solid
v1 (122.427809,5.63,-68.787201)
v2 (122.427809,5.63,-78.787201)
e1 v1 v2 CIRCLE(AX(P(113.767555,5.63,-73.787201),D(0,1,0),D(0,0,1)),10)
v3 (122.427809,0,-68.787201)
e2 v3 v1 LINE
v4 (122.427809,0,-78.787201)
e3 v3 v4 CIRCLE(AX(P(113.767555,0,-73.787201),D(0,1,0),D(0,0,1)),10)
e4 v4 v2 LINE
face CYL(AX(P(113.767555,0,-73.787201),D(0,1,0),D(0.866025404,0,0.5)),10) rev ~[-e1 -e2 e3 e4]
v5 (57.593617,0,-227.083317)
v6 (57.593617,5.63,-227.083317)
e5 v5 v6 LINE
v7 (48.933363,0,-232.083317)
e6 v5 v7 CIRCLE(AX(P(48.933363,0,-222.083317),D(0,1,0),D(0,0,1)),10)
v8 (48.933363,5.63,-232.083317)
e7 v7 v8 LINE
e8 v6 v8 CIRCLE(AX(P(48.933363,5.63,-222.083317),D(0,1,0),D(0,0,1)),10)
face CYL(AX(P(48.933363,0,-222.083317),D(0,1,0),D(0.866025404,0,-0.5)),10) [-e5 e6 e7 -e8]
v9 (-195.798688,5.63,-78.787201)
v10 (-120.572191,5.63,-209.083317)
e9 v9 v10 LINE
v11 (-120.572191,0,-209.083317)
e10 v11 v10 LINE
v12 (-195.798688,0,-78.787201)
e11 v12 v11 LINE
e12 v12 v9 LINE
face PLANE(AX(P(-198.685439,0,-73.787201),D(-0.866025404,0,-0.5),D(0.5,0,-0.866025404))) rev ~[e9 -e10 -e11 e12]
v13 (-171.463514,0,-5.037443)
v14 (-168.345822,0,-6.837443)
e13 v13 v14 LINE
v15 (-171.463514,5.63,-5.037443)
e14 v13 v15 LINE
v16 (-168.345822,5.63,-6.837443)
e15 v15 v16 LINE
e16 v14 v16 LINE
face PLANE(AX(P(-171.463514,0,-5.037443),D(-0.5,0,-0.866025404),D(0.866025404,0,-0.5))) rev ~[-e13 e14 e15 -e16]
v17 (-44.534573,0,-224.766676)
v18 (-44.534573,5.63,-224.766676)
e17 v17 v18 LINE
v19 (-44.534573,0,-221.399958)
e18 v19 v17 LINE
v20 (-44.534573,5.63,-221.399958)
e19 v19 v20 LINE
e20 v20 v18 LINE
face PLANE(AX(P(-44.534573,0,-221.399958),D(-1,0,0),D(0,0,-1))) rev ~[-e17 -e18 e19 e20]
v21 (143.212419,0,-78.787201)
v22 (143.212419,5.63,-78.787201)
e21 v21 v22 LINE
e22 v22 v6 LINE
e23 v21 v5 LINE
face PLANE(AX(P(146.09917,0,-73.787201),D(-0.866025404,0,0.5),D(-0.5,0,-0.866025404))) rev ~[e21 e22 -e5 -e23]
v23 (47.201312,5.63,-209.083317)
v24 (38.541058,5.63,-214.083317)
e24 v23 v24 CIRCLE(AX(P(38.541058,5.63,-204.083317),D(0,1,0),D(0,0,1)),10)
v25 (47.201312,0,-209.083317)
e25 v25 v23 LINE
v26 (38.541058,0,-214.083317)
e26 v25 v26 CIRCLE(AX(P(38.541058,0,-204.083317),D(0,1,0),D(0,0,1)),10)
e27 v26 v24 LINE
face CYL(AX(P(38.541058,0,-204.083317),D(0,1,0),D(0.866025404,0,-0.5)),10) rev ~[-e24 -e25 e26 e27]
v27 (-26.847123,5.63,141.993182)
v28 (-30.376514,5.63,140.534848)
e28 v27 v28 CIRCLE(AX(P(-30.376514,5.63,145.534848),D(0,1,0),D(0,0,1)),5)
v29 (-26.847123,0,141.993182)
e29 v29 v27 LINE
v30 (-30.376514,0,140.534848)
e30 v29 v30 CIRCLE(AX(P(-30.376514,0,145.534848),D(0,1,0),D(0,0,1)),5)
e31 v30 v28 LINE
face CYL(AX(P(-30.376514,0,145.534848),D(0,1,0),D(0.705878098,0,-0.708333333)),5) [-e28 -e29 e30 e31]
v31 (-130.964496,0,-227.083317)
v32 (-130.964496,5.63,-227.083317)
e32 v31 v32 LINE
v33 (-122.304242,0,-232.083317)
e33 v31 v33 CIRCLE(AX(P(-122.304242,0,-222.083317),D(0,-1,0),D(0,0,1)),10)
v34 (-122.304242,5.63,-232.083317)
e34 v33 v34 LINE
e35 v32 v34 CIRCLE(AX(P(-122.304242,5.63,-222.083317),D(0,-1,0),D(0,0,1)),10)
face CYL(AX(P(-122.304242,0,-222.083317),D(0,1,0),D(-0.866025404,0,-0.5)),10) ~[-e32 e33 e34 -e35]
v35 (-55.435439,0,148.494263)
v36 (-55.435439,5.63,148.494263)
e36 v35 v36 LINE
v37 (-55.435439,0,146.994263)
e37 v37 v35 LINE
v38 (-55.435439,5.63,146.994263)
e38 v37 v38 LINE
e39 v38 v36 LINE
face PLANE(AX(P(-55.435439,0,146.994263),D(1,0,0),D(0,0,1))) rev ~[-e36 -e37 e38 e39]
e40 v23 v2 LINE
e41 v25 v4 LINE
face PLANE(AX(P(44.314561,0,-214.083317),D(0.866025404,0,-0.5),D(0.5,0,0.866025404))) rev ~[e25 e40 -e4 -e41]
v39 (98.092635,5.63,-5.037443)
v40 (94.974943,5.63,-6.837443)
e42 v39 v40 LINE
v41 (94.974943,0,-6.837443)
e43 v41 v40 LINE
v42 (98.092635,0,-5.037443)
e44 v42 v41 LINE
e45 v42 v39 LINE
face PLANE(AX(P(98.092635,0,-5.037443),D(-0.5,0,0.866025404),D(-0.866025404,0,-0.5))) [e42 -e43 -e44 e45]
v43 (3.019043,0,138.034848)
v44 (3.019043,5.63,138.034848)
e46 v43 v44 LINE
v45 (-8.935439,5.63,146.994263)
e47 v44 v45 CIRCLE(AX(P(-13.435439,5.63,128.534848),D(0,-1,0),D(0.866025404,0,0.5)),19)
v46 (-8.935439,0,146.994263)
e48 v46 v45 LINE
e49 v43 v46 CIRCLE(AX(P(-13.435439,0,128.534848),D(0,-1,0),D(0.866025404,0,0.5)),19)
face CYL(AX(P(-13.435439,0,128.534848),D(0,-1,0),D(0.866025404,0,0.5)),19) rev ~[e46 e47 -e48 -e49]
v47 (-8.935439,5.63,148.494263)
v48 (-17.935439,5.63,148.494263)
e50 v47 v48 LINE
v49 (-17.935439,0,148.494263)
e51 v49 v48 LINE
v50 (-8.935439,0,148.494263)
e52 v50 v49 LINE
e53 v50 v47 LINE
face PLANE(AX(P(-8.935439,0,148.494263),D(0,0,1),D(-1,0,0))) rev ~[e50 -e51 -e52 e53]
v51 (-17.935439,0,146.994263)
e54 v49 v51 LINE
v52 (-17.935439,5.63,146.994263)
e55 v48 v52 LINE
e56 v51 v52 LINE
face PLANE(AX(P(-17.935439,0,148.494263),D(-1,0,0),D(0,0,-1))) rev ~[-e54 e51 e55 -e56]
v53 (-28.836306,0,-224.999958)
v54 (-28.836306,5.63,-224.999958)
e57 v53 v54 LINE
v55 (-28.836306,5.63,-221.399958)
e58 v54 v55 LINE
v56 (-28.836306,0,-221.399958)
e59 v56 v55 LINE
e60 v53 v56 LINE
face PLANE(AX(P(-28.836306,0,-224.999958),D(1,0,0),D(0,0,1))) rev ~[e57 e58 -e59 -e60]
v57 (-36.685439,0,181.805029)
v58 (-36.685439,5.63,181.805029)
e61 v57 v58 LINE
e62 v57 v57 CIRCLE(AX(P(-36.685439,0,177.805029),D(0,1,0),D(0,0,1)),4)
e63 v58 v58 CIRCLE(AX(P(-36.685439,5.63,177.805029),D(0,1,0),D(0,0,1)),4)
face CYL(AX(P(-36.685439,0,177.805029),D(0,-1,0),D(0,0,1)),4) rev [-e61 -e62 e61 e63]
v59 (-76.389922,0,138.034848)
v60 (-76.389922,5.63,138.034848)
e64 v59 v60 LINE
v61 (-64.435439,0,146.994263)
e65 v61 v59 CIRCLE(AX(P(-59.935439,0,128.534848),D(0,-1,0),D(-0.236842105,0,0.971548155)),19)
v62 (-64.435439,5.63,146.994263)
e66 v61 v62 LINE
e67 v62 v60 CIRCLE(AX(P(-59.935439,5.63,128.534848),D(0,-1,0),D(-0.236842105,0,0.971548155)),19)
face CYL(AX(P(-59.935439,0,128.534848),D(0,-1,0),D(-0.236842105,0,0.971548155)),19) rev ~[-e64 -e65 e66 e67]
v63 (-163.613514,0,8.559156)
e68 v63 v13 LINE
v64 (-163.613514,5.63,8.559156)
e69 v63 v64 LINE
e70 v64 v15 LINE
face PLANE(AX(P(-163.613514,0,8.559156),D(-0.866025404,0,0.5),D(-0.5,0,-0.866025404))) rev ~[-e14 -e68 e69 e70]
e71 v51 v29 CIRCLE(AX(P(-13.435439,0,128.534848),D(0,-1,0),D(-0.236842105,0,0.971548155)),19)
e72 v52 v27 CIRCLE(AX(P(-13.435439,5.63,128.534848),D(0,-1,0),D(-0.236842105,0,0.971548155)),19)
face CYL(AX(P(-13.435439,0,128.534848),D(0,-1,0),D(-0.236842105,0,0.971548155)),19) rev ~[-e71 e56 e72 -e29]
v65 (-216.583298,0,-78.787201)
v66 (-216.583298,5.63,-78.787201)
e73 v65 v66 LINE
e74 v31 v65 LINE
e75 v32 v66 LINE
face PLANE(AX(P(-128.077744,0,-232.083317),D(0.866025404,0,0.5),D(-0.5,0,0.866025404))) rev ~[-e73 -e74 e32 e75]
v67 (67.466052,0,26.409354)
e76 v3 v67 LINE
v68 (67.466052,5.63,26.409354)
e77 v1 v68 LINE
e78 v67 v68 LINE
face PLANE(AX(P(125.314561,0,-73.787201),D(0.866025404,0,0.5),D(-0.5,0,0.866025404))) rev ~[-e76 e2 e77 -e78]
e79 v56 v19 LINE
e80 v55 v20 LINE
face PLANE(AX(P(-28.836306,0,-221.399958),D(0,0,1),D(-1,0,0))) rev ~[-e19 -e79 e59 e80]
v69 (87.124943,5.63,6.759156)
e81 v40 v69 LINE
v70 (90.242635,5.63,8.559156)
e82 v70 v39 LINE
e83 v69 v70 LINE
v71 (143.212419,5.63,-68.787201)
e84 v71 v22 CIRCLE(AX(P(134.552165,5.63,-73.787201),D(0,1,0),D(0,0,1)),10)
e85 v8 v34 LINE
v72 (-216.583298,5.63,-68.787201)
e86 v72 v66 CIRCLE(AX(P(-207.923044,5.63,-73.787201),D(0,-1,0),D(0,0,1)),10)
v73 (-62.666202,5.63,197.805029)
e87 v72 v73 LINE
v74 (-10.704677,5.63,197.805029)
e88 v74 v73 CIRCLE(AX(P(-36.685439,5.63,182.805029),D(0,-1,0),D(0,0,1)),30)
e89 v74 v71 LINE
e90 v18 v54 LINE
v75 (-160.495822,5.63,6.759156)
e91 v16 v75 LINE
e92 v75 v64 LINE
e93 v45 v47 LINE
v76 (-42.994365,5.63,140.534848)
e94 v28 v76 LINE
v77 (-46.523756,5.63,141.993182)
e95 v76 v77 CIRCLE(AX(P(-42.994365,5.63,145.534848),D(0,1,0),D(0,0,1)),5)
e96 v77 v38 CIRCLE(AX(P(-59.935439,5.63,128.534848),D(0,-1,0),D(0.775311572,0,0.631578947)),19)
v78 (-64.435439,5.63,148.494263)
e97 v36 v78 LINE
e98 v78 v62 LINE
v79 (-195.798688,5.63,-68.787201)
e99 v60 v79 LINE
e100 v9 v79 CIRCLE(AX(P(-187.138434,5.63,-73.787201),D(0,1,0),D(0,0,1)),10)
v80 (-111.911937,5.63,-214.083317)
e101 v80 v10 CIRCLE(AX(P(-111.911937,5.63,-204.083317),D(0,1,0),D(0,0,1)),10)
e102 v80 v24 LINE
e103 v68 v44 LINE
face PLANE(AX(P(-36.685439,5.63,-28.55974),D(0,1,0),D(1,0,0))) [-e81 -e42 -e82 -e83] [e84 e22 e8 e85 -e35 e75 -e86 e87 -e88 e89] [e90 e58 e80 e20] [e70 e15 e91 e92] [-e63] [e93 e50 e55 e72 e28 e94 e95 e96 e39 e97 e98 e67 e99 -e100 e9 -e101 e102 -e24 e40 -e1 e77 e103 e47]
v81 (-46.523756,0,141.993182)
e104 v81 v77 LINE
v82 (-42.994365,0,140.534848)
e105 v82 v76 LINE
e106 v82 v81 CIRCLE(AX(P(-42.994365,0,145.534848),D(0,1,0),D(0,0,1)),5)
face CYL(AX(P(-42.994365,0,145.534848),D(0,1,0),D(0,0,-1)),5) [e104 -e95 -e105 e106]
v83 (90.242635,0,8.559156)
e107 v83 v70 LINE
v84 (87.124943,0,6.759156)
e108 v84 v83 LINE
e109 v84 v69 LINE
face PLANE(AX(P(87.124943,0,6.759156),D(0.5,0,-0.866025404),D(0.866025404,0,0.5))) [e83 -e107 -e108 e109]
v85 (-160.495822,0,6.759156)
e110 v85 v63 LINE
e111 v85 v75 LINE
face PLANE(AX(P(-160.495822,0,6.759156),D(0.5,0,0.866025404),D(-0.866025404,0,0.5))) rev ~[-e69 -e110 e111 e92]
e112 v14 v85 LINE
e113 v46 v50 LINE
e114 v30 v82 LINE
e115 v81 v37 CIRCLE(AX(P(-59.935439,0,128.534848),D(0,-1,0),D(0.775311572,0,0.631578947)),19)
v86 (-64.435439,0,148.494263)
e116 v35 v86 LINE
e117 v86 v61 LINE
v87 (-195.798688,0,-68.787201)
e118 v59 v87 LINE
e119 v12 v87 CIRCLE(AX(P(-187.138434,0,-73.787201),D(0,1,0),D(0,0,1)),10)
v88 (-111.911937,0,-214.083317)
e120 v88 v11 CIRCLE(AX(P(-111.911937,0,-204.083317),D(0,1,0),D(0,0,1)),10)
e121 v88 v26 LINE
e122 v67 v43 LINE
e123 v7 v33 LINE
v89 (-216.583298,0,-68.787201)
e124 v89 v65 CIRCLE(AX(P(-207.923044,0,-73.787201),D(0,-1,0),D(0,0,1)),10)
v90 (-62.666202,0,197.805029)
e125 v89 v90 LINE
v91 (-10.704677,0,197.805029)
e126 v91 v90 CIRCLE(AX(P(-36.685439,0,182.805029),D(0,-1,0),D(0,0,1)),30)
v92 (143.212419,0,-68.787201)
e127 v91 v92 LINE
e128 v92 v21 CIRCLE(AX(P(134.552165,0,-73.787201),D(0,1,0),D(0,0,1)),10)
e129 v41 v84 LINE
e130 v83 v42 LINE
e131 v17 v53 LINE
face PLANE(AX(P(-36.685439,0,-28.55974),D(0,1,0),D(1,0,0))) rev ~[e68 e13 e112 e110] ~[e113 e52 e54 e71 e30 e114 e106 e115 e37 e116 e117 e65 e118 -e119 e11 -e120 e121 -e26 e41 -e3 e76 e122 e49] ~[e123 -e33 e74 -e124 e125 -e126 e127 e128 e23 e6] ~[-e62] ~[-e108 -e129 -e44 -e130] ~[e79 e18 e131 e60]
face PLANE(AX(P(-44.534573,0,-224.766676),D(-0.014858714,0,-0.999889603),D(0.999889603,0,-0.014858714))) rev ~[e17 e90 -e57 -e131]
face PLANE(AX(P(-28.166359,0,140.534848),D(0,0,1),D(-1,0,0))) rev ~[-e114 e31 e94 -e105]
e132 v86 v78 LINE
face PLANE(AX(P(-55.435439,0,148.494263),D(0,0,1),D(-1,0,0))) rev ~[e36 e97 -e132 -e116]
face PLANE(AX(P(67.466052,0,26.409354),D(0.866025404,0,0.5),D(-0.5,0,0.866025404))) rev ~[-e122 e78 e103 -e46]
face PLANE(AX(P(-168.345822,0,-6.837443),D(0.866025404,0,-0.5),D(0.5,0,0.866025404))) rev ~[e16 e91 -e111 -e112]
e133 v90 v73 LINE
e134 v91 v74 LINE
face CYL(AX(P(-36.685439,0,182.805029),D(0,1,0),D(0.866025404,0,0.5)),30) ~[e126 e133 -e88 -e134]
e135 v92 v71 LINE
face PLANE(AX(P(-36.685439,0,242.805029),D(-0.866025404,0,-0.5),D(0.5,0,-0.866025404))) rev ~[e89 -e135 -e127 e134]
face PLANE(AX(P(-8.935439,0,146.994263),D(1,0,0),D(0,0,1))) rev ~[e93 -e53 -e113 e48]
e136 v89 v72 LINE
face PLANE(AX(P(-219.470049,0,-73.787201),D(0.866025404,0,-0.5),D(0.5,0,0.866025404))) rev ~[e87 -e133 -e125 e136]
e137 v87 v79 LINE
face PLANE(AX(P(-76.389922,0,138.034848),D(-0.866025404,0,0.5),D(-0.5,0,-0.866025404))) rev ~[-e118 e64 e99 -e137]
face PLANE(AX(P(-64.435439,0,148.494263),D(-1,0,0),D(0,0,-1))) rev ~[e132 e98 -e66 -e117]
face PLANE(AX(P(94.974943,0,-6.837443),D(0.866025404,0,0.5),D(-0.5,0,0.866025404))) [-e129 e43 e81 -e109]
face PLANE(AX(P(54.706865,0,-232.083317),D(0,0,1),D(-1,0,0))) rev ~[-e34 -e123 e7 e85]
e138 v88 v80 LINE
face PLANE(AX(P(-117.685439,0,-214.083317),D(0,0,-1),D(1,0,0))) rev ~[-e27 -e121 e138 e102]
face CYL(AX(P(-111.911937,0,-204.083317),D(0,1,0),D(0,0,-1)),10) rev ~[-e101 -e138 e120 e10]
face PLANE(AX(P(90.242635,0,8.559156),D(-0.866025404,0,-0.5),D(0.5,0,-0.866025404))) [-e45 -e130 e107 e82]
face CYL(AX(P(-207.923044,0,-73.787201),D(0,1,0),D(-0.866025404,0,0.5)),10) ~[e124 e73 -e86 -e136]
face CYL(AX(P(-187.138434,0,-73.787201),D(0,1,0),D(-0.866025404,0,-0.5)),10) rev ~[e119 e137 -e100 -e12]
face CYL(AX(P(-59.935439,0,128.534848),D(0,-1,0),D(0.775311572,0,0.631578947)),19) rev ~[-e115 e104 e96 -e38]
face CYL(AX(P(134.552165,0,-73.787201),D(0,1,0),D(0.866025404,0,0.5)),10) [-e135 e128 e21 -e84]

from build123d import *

# Parameters (mm, degrees)
SKETCH1_R           = 4
BOSS_EXTRUDE1_DEPTH = 5.63
FILLET1_R           = 10
FILLET2_R           = 30
FILLET4_R           = 5


with BuildPart() as part:
    # Sketch1 → Boss-Extrude1 (new body)
    with BuildSketch(Plane(origin=(0, 0, 0), x_dir=(1, 0, 0), z_dir=(0, 1, 0))):
        Polygon((-36.68543943, -242.805029456), (146.099170261, 73.78720137), (54.706865415, 232.083316783), (-128.077744275, 232.083316783), (-219.470049121, 73.78720137), align=None)
        with Locations(Location((-36.68543943, -177.805029456, 0), (0, 0, 270))):
            Circle(SKETCH1_R, mode=Mode.SUBTRACT)
        with BuildLine():
            Line((67.466052068, -26.409354497), (3.019043242, -138.03484818))
            ThreePointArc((3.019043242, -138.03484818), (-2.040687786, -143.738783032), (-8.93543943, -146.994263122))
            Line((-8.93543943, -146.994263122), (-8.93543943, -148.494263122))
            Line((-8.93543943, -148.494263122), (-17.93543943, -148.494263122))
            Line((-17.93543943, -148.494263122), (-17.93543943, -146.994263122))
            ThreePointArc((-17.93543943, -146.994263122), (-23.578815596, -144.600710123), (-28.166359293, -140.53484818))
            Line((-28.166359293, -140.53484818), (-45.204519567, -140.53484818))
            ThreePointArc((-45.204519567, -140.53484818), (-49.792063264, -144.600710123), (-55.43543943, -146.994263122))
            Line((-55.43543943, -146.994263122), (-55.43543943, -148.494263122))
            Line((-55.43543943, -148.494263122), (-64.43543943, -148.494263122))
            Line((-64.43543943, -148.494263122), (-64.43543943, -146.994263122))
            ThreePointArc((-64.43543943, -146.994263122), (-71.330191074, -143.738783032), (-76.389922102, -138.03484818))
            Line((-76.389922102, -138.03484818), (-198.68543943, 73.78720137))
            Line((-198.68543943, 73.78720137), (-117.68543943, 214.083316783))
            Line((-117.68543943, 214.083316783), (44.31456057, 214.083316783))
            Line((44.31456057, 214.083316783), (125.31456057, 73.78720137))
            Line((125.31456057, 73.78720137), (67.466052068, -26.409354497))
        make_face(mode=Mode.SUBTRACT)
        Polygon((-44.534572815, 224.766675876), (-28.836306045, 224.99995769), (-28.836306045, 221.39995769), (-44.534572815, 221.39995769), align=None, mode=Mode.SUBTRACT)
        Polygon((-171.463513791, 5.037443083), (-168.345822337, 6.837443083), (-160.495822337, -6.759155756), (-163.613513791, -8.559155756), align=None, mode=Mode.SUBTRACT)
        Polygon((98.092634931, 5.037443083), (94.974943477, 6.837443083), (87.124943477, -6.759155756), (90.242634931, -8.559155756), align=None, mode=Mode.SUBTRACT)
    extrude(amount=BOSS_EXTRUDE1_DEPTH)

    # Fillet1
    fillet1_edges = [part.edges().sort_by_distance(p)[0] for p in [
        (125.31456057, 2.815, -73.78720137),
        (44.31456057, 2.815, -214.083316783),
        (-117.68543943, 2.815, -214.083316783),
        (-198.68543943, 2.815, -73.78720137),
        (146.099170261, 2.815, -73.78720137),
        (-219.470049121, 2.815, -73.78720137),
        (-128.077744275, 2.815, -232.083316783),
        (54.706865415, 2.815, -232.083316783),
    ]]
    fillet(fillet1_edges, radius=FILLET1_R)

    # Fillet2
    fillet2_edges = [part.edges().sort_by_distance(p)[0] for p in [
        (-36.68543943, 2.815, 242.805029456),
    ]]
    fillet(fillet2_edges, radius=FILLET2_R)

    # Fillet4
    fillet4_edges = [part.edges().sort_by_distance(p)[0] for p in [
        (-45.204519567, 2.815, 140.53484818),
        (-28.166359293, 2.815, 140.53484818),
    ]]
    fillet(fillet4_edges, radius=FILLET4_R)


solid = part.part
